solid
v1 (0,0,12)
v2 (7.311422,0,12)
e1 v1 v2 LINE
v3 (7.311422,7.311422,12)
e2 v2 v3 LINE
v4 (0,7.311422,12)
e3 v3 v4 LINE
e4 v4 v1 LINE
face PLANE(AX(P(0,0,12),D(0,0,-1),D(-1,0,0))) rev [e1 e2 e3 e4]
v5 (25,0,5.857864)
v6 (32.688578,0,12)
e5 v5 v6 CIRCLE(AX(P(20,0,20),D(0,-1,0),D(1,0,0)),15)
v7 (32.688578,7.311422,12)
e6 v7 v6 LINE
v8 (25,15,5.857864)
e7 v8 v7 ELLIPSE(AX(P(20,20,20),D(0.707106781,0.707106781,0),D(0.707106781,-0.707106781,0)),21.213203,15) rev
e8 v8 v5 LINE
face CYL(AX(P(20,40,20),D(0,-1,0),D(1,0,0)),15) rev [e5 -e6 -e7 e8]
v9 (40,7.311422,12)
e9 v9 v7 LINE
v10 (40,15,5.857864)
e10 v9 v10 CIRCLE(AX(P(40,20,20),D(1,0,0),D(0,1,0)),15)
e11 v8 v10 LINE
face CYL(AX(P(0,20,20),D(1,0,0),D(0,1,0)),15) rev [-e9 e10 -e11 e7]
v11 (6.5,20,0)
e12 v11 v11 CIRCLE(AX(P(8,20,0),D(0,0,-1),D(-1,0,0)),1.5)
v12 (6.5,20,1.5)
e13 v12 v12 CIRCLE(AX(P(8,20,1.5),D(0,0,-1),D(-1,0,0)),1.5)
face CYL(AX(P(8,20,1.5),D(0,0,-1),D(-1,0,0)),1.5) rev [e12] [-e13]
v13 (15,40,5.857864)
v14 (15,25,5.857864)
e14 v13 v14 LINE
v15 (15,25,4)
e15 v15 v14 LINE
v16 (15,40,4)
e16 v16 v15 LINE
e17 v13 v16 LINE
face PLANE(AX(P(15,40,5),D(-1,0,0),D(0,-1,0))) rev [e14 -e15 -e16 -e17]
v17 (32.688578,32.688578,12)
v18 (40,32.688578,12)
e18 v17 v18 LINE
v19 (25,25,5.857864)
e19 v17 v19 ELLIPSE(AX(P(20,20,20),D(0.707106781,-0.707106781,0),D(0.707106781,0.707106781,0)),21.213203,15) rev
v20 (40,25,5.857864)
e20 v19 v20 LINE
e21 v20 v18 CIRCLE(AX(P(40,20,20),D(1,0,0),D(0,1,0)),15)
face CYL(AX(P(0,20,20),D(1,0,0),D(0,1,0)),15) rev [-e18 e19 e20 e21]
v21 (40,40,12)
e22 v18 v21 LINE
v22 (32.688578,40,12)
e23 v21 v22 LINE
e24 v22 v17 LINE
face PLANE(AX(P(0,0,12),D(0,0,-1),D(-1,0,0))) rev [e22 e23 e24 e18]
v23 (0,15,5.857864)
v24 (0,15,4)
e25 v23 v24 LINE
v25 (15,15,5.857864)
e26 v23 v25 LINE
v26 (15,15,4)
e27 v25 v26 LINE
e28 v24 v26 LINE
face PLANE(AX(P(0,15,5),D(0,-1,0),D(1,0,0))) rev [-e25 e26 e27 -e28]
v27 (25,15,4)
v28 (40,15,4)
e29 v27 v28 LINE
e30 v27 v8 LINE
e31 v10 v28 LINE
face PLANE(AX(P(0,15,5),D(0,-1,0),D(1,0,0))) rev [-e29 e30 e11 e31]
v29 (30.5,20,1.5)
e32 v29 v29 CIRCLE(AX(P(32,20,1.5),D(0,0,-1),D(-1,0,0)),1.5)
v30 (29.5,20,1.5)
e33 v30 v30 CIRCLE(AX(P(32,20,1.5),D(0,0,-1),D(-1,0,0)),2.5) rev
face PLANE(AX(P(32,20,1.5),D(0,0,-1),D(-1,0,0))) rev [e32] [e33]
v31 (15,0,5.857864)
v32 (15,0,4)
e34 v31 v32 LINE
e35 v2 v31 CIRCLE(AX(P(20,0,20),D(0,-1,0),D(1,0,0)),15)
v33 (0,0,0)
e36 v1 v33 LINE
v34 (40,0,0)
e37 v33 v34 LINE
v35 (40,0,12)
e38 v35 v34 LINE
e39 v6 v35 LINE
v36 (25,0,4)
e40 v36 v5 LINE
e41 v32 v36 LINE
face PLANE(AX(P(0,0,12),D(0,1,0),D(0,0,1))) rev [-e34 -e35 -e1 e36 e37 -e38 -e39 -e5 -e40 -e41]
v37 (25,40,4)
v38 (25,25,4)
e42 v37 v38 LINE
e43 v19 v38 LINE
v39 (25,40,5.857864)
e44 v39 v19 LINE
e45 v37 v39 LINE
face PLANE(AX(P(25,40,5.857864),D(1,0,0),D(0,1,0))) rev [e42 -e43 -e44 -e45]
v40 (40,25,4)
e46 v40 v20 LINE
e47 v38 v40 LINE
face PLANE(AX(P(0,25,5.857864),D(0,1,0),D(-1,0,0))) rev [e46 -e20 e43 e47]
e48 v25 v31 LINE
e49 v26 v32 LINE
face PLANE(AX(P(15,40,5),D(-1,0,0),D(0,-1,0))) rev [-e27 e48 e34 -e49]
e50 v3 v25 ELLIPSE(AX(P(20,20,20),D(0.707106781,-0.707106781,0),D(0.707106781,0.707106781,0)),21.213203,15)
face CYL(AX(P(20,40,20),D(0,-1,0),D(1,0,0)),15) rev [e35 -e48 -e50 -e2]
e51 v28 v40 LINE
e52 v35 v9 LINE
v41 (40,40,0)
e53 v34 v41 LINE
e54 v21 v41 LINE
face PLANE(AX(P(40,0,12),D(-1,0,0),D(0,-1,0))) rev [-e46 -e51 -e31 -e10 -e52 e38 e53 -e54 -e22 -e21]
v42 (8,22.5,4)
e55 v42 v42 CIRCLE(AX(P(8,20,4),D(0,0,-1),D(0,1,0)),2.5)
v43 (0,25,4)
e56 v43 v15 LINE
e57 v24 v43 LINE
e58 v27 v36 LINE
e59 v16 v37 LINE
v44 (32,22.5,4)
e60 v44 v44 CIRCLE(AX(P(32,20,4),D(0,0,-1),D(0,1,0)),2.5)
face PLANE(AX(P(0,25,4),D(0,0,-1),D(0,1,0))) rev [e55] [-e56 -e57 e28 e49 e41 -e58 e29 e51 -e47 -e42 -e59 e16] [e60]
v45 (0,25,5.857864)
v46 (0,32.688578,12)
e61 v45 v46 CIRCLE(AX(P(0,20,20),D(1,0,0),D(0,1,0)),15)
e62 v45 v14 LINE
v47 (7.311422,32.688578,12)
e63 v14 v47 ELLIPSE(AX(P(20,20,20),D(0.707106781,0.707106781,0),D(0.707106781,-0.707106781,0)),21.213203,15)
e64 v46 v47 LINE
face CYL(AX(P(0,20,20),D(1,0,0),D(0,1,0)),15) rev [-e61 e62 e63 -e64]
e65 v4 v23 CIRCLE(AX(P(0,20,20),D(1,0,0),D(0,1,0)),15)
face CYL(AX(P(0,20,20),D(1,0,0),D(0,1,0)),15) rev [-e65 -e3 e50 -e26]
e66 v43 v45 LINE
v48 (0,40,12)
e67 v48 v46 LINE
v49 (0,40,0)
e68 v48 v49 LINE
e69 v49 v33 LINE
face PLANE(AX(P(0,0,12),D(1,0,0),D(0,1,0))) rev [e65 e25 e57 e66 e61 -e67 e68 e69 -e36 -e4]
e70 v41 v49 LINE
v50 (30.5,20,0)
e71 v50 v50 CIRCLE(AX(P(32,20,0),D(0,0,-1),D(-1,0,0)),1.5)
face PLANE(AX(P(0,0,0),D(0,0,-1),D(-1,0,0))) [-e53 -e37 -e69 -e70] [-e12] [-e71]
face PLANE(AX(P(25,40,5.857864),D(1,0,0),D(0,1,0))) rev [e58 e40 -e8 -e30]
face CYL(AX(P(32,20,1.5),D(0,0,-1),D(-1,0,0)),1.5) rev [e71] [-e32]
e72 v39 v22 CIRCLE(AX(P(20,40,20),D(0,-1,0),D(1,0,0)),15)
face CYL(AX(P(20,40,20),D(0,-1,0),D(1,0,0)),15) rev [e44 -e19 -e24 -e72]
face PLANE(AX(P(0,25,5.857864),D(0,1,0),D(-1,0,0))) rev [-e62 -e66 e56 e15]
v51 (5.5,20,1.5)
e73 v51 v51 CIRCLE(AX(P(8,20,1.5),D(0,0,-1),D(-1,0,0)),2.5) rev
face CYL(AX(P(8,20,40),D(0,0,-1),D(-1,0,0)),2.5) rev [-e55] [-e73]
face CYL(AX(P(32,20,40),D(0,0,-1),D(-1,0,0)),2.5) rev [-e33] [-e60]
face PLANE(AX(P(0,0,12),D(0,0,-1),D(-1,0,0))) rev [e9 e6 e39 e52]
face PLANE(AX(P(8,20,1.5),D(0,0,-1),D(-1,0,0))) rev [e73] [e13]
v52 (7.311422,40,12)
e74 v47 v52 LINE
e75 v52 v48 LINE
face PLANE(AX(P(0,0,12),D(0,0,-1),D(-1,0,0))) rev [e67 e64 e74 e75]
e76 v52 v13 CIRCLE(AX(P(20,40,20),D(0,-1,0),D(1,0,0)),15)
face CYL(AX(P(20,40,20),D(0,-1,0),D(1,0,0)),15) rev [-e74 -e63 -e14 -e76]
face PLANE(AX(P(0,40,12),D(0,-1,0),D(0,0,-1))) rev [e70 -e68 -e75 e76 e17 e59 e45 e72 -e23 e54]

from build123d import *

# Parameters (mm, degrees)
SKETCH1_W           = 40
SKETCH1_H           = 40
BOSS_EXTRUDE1_DEPTH = 12
CUT_EXTRUDE1_DEPTH  = 40
SKETCH3_R           = 2.5
CUT_EXTRUDE3_DEPTH  = 40
SKETCH3_5_R         = 2.5
SKETCH3_5_R_2       = 1.5
BOSS_EXTRUDE3_DEPTH = 1.5
CIRPATTERN3_COUNT   = 2
CIRPATTERN3_ANGLE   = 90


with BuildPart() as part:
    # Sketch1 → Boss-Extrude1 (new body)
    with BuildSketch(Plane.XY):
        with Locations((20, 20)):
            Rectangle(SKETCH1_W, SKETCH1_H)
    extrude(amount=BOSS_EXTRUDE1_DEPTH)

    # Sketch2 → Cut-Extrude1 (cut)
    with BuildSketch(Plane(origin=(40, 0, 0), x_dir=(0, 0, -1), z_dir=(1, 0, 0))):
        with BuildLine():
            Line((-5, 25), (-4, 25))
            Line((-4, 25), (-4, 15))
            Line((-4, 15), (-5, 15))
            Line((-5, 15), (-5.857864376, 15))
            ThreePointArc((-5.857864376, 15), (-35, 20), (-5.857864376, 25))
            Line((-5.857864376, 25), (-5, 25))
        make_face()
    cut_extrude1 = extrude(amount=-CUT_EXTRUDE1_DEPTH, mode=Mode.SUBTRACT)

    # Sketch3 → Cut-Extrude3 (cut)
    with BuildSketch(Plane(origin=(0, 0, 0), x_dir=(-1, 0, 0), z_dir=(0, 0, -1))):
        with Locations((-32, 20)):
            Circle(SKETCH3_R)
        with Locations((-8, 20)):
            Circle(SKETCH3_R)
    extrude(amount=-CUT_EXTRUDE3_DEPTH, mode=Mode.SUBTRACT)

    # Sketch3<5> → Boss-Extrude3 (add)
    # profile 1 of 2: a face of its own
    with BuildSketch(Plane(origin=(0, 0, 0), x_dir=(-1, 0, 0), z_dir=(0, 0, -1))):
        with Locations((-32, 20)):
            Circle(SKETCH3_5_R)
        with Locations((-32, 20)):
            Circle(SKETCH3_5_R_2, mode=Mode.SUBTRACT)
    # profile 2 of 2: a face of its own
    with BuildSketch(Plane(origin=(0, 0, 0), x_dir=(-1, 0, 0), z_dir=(0, 0, -1))):
        with Locations((-8, 20)):
            Circle(SKETCH3_5_R)
        with Locations((-8, 20)):
            Circle(SKETCH3_5_R_2, mode=Mode.SUBTRACT)
    extrude(amount=-BOSS_EXTRUDE3_DEPTH)

    # CirPattern3: Cut-Extrude1 ×2 about axis
    cirpattern3_axis = Axis((20, 20, 4), (0, 0, 1))
    for i in range(1, CIRPATTERN3_COUNT):
        add(cut_extrude1.rotate(cirpattern3_axis, i * CIRPATTERN3_ANGLE / (CIRPATTERN3_COUNT - 1)), mode=Mode.SUBTRACT)


solid = part.part
